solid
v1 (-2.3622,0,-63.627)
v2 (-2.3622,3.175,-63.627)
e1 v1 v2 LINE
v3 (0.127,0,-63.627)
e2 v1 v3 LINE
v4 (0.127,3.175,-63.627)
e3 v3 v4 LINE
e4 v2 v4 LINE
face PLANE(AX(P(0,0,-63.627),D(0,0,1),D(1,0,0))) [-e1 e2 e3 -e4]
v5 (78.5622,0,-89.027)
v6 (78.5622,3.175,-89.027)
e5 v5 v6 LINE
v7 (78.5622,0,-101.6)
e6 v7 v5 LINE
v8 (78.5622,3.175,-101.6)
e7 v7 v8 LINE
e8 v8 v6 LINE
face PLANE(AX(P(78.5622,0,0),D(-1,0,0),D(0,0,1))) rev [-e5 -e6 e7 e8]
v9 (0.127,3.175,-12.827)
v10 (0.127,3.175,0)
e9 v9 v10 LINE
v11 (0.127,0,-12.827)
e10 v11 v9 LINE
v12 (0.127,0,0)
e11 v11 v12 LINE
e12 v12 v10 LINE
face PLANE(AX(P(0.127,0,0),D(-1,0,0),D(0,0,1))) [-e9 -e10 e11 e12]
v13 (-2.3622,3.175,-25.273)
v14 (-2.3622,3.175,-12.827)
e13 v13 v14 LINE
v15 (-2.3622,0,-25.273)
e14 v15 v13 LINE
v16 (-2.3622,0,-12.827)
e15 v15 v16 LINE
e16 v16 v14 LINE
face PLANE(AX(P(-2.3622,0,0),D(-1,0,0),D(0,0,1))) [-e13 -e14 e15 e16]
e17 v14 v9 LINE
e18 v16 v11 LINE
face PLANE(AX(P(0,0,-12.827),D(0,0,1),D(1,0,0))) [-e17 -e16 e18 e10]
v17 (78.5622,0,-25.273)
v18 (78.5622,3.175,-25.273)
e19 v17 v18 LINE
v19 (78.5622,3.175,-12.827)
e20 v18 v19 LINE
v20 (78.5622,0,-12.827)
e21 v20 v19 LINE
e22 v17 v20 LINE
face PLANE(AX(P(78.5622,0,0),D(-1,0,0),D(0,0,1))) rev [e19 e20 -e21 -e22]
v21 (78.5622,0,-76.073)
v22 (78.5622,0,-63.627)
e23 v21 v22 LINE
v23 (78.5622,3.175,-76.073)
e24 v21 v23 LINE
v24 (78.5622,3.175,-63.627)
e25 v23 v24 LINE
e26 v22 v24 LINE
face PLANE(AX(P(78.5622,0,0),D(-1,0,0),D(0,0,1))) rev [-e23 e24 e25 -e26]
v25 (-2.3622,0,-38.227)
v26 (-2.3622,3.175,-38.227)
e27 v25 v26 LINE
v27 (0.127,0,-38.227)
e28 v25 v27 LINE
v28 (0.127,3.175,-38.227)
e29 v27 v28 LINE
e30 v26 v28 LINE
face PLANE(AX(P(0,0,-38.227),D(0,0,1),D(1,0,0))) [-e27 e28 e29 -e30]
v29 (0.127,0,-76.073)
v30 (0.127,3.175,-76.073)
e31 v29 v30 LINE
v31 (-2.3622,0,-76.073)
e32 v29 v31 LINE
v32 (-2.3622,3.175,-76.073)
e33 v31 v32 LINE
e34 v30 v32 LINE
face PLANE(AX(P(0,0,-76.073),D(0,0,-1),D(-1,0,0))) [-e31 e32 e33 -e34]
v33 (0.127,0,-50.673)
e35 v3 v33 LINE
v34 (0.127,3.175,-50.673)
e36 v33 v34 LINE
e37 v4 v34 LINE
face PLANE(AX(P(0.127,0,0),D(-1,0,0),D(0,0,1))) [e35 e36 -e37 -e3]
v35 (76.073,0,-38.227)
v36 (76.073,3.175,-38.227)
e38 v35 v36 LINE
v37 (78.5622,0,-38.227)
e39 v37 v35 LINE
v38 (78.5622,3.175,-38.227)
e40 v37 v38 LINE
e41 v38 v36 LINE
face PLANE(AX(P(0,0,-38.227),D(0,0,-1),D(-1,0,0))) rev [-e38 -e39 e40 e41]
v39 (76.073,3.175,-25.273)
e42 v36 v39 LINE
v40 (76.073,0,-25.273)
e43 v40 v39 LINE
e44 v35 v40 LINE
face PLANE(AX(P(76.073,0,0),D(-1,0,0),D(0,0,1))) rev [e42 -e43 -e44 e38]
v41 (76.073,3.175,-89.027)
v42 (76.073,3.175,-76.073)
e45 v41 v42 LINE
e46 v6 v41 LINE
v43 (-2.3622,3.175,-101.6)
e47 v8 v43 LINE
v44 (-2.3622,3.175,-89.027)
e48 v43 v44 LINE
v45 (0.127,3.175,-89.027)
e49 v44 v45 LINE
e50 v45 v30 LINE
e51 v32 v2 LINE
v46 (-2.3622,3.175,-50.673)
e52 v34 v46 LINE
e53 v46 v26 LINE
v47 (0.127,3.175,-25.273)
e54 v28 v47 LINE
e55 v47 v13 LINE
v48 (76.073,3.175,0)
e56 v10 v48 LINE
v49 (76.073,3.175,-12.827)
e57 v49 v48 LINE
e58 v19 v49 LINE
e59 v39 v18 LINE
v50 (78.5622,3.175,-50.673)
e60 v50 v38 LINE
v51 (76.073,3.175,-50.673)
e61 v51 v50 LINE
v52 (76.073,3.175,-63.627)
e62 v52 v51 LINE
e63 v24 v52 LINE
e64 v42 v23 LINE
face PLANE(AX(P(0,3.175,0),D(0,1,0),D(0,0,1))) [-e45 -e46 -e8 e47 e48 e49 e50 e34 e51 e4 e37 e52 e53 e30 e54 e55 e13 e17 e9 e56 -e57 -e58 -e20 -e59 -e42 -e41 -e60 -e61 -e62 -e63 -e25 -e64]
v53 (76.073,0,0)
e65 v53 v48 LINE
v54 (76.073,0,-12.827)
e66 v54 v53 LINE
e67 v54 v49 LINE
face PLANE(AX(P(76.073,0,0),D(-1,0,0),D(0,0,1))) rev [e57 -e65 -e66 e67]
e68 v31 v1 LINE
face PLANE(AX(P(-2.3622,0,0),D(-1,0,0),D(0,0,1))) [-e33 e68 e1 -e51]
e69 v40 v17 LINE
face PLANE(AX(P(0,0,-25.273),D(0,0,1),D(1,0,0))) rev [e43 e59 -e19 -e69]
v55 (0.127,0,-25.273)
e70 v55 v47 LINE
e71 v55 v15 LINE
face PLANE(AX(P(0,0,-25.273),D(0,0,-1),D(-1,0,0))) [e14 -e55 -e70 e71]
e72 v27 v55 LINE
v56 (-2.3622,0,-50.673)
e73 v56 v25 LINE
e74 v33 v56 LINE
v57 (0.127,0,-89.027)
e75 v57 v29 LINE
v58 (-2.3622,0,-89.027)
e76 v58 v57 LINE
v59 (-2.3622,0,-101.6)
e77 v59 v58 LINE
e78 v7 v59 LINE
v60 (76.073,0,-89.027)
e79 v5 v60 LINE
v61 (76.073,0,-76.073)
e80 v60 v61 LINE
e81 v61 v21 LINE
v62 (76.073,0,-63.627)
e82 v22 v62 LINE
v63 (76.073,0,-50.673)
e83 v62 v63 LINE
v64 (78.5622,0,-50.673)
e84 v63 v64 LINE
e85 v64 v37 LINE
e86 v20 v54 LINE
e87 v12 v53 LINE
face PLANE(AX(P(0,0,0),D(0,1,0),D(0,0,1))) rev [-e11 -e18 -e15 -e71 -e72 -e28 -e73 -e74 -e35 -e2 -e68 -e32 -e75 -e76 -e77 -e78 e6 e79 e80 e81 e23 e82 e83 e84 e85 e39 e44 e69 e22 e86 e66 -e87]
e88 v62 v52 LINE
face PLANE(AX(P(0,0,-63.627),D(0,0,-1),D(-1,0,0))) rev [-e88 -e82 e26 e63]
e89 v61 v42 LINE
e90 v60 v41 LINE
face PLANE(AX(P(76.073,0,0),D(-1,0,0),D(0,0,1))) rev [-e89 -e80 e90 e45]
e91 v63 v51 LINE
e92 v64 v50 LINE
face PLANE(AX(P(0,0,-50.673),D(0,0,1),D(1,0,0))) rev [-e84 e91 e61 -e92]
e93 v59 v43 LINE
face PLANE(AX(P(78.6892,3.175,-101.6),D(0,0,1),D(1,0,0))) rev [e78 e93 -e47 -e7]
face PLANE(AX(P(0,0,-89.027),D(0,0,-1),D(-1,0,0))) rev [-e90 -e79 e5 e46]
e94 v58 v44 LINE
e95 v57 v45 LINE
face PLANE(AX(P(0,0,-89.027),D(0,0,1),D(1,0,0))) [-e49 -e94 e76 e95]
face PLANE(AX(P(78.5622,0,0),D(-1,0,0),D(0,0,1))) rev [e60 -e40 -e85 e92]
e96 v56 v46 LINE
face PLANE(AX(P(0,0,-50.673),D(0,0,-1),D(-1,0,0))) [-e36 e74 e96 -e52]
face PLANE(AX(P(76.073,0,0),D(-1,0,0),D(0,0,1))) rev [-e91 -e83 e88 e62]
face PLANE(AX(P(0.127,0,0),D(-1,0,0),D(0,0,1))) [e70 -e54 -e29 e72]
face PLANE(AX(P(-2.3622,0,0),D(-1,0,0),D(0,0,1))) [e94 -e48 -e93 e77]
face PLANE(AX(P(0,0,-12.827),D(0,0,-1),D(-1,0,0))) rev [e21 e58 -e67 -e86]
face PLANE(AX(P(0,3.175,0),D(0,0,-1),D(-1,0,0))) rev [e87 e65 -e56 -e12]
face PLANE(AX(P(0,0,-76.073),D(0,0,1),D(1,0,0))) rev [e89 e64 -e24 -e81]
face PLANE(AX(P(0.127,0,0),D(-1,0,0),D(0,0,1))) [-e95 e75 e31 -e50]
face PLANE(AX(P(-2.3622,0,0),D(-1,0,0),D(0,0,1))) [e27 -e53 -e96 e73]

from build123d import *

# Parameters (mm, degrees)
BOSS_EXTRUDE1_DEPTH = 3.175
CUT_EXTRUDE1_DEPTH  = 4.175


with BuildPart() as part:
    # Sketch1 → Boss-Extrude1 (new body)
    with BuildSketch(Plane(origin=(0, 0, 0), x_dir=(1, 0, 0), z_dir=(0, 1, 0))):
        Polygon((0, 0), (76.2, 0), (76.2, 12.7), (78.6892, 12.7), (78.6892, 25.4), (76.2, 25.4), (76.2, 38.1), (78.6892, 38.1), (78.6892, 50.8), (76.2, 50.8), (76.2, 63.5), (78.6892, 63.5), (78.6892, 76.2), (76.2, 76.2), (76.2, 88.9), (78.6892, 88.9), (78.6892, 101.6), (-2.4892, 101.6), (-2.4892, 88.9), (0, 88.9), (0, 76.2), (-2.4892, 76.2), (-2.4892, 63.5), (0, 63.5), (0, 50.8), (-2.4892, 50.8), (-2.4892, 38.1), (0, 38.1), (0, 25.4), (-2.4892, 25.4), (-2.4892, 12.7), (0, 12.7), align=None)
    extrude(amount=BOSS_EXTRUDE1_DEPTH)

    # Sketch2 → Cut-Extrude1 (cut, through all)
    with BuildSketch(Plane(origin=(0, 3.175, 0), x_dir=(1, 0, 0), z_dir=(0, 1, 0))):
        Polygon((78.6892, 101.6), (78.5622, 101.6), (78.5622, 89.027), (76.073, 89.027), (76.073, 76.073), (78.5622, 76.073), (78.5622, 63.627), (76.073, 63.627), (76.073, 50.673), (78.5622, 50.673), (78.5622, 38.227), (76.073, 38.227), (76.073, 25.273), (78.5622, 25.273), (78.5622, 12.827), (76.073, 12.827), (76.073, 0), (76.2, 0), (76.2, 12.7), (78.6892, 12.7), (78.6892, 25.4), (76.2, 25.4), (76.2, 38.1), (78.6892, 38.1), (78.6892, 50.8), (76.2, 50.8), (76.2, 63.5), (78.6892, 63.5), (78.6892, 76.2), (76.2, 76.2), (76.2, 88.9), (78.6892, 88.9), align=None)
        Polygon((-2.3622, 101.6), (-2.4892, 101.6), (-2.4892, 88.9), (0, 88.9), (0, 76.2), (-2.4892, 76.2), (-2.4892, 63.5), (0, 63.5), (0, 50.8), (-2.4892, 50.8), (-2.4892, 38.1), (0, 38.1), (0, 25.4), (-2.4892, 25.4), (-2.4892, 12.7), (0, 12.7), (0, 0), (0.127, 0), (0.127, 12.827), (-2.3622, 12.827), (-2.3622, 25.273), (0.127, 25.273), (0.127, 38.227), (-2.3622, 38.227), (-2.3622, 50.673), (0.127, 50.673), (0.127, 63.627), (-2.3622, 63.627), (-2.3622, 76.073), (0.127, 76.073), (0.127, 89.027), (-2.3622, 89.027), align=None)
    extrude(amount=-CUT_EXTRUDE1_DEPTH, mode=Mode.SUBTRACT)


solid = part.part
